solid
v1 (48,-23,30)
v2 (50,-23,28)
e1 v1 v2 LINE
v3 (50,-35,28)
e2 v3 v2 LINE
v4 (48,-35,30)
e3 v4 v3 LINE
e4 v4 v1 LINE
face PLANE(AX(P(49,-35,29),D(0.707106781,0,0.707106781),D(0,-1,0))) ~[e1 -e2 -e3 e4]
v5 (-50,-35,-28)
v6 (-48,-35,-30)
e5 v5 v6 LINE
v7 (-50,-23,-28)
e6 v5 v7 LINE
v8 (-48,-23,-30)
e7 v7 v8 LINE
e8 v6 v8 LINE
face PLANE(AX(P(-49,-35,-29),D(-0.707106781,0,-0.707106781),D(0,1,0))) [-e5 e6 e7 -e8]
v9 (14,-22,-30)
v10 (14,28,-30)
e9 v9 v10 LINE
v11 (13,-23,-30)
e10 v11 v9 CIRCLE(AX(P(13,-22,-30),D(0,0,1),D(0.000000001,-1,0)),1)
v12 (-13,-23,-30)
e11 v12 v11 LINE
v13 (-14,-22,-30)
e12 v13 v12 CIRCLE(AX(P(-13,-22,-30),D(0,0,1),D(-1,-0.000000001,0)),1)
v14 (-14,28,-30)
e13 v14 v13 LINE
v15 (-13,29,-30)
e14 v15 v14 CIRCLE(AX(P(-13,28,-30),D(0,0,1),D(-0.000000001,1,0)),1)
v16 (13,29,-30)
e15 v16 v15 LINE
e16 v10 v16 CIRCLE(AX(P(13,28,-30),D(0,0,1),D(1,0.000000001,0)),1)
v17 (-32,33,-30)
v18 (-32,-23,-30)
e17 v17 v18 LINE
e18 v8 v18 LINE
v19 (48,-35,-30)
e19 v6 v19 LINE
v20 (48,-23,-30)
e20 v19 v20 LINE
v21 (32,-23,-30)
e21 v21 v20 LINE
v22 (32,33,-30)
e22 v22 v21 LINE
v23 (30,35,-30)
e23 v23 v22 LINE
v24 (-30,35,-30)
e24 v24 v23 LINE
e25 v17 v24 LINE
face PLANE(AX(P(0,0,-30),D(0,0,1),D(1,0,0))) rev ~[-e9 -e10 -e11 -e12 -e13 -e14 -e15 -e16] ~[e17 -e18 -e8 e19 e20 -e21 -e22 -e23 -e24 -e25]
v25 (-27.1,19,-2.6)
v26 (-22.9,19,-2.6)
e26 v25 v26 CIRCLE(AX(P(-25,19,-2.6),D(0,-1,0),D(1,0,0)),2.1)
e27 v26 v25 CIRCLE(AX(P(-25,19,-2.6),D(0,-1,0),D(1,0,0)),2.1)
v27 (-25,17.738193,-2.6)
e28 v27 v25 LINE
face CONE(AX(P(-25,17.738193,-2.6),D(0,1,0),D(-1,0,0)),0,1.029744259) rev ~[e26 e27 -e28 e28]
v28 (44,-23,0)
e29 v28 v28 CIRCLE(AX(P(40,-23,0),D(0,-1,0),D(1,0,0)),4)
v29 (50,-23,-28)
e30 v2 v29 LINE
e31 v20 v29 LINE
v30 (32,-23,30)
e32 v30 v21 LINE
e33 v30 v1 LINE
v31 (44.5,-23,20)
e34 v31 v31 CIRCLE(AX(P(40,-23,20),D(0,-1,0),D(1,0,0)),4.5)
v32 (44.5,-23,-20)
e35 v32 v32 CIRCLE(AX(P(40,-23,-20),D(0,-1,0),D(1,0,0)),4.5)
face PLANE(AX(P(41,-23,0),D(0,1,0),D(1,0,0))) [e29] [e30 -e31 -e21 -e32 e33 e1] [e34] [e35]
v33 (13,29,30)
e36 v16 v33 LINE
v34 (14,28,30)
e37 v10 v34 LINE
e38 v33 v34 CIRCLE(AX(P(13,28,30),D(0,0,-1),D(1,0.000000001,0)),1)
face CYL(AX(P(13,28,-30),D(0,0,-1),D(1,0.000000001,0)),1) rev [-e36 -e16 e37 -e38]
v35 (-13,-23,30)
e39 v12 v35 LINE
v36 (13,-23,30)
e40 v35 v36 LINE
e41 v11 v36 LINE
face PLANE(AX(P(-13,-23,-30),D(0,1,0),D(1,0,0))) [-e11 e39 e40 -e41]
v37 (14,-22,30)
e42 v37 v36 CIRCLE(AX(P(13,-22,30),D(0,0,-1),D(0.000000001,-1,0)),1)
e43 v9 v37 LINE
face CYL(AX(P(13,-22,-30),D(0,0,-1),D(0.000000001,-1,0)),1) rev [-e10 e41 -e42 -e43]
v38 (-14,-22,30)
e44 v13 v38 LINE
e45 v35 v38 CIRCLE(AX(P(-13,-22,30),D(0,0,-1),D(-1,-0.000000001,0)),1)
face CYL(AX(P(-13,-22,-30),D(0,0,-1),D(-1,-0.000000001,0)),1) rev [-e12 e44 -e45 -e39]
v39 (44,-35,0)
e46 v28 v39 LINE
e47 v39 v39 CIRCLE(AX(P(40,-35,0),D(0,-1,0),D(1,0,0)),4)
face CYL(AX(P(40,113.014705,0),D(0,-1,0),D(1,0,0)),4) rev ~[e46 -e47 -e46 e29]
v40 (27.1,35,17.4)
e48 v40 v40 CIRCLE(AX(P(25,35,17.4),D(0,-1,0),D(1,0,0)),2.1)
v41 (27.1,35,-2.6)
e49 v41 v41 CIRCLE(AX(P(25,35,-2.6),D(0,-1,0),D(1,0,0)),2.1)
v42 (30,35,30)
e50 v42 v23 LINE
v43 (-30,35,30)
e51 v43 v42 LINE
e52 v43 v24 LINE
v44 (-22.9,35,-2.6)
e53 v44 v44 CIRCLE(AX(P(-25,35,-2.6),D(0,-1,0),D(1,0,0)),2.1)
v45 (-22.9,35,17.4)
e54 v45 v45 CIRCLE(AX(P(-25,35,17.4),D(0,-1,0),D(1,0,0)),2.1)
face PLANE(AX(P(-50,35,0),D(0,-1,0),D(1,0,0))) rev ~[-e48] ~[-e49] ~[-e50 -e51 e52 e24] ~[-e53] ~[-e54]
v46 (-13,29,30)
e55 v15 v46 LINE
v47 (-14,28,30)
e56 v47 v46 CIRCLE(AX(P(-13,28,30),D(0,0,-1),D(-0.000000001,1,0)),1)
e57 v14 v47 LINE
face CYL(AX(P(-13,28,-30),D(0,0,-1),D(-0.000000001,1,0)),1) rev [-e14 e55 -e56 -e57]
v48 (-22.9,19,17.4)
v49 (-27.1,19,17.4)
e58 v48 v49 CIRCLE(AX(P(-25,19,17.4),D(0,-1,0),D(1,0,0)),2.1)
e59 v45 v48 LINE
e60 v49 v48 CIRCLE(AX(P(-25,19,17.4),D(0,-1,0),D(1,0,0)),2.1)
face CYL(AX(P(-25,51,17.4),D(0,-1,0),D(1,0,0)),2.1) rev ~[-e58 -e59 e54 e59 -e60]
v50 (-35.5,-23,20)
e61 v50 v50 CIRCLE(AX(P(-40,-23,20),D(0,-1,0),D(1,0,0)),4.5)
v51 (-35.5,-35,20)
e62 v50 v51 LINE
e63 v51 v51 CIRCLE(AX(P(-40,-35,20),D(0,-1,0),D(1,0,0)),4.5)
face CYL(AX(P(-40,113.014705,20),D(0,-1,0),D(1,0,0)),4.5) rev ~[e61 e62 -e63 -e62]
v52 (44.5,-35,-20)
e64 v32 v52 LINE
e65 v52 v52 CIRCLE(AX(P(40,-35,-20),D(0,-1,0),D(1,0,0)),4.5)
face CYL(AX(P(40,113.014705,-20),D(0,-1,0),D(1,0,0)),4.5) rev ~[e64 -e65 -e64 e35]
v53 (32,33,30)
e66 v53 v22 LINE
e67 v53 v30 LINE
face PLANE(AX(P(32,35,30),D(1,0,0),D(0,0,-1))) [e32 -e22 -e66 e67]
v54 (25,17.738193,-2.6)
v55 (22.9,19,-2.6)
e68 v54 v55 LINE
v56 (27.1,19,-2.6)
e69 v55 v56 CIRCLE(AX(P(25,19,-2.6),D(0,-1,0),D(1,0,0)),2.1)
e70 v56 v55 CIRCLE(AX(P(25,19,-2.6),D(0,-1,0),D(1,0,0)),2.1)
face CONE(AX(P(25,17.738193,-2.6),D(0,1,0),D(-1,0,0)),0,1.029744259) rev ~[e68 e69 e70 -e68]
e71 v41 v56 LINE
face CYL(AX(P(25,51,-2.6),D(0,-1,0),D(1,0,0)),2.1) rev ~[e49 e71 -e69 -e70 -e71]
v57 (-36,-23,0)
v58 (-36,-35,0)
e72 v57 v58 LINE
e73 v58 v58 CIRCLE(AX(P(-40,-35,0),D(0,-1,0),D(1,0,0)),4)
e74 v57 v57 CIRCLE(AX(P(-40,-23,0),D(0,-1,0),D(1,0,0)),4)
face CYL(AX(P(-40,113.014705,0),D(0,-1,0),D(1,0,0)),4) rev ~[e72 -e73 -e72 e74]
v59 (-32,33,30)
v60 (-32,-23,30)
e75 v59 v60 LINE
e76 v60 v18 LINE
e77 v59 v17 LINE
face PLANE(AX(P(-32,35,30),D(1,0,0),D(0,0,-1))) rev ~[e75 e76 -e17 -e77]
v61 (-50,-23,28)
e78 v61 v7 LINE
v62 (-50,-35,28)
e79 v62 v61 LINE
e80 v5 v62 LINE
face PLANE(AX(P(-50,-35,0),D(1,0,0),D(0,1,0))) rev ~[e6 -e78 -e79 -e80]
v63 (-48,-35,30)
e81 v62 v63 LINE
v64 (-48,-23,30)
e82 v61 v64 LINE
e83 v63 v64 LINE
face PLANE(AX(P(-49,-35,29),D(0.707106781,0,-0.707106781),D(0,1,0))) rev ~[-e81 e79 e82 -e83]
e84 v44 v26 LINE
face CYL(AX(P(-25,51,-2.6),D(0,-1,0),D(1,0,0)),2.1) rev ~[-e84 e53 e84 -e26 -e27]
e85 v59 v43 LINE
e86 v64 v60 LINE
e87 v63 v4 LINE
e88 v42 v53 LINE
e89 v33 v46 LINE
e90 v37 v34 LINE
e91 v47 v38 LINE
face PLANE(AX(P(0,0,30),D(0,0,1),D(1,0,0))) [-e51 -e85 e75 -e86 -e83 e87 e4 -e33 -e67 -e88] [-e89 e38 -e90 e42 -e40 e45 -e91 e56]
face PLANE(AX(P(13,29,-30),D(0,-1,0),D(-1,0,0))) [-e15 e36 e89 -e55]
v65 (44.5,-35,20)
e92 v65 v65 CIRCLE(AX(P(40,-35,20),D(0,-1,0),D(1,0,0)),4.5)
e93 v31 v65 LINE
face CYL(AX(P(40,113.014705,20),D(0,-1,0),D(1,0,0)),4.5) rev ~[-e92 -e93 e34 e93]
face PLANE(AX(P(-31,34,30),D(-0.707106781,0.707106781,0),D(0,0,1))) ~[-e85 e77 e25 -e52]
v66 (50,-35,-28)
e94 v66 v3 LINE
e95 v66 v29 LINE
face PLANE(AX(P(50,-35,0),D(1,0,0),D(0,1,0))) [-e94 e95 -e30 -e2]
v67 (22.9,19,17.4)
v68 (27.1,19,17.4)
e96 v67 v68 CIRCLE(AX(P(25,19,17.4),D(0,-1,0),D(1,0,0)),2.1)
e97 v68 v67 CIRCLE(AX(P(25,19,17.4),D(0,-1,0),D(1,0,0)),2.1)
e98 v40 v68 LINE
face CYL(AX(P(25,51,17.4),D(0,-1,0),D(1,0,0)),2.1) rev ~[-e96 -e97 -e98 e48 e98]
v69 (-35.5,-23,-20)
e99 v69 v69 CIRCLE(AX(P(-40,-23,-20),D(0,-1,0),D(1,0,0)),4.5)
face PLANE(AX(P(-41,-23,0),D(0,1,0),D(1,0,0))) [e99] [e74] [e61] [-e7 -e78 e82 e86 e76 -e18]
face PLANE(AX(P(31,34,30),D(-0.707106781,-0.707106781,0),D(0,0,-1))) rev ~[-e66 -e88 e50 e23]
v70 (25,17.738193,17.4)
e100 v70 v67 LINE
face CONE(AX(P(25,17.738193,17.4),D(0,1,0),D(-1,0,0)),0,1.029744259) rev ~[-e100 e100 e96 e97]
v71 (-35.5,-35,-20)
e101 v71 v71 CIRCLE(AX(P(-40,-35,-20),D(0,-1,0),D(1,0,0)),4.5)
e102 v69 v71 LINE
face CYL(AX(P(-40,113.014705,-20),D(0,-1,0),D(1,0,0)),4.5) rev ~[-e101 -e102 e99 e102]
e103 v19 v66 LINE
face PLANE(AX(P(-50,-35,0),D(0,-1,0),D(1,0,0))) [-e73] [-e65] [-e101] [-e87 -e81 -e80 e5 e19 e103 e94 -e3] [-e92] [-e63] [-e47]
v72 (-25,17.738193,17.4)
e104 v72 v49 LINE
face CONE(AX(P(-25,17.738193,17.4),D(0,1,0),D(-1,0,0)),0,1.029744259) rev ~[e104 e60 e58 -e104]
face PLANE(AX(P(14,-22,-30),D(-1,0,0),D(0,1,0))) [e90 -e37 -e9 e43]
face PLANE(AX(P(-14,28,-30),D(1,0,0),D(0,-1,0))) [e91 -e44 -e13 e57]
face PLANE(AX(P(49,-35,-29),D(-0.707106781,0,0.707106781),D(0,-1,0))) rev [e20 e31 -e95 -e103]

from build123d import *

# Parameters (mm, degrees)
SKETCH_1_W             = 100
SKETCH_1_H             = 70
EXTRUDE_1_DEPTH        = 30
SKETCH_2_W             = 18
SKETCH_2_H             = 60
CUT_EXTRUDE_1_DEPTH    = 58
HOLE_WIZARD_9_0_9_1_D  = 9
CUT_EXTRUDE_2_REACH    = 87.586
HOLE_WIZARD_8_0_8_1_D  = 8
HOLE_WIZARD_M5_1_D     = 4.2
HOLE_WIZARD_M5_1_DEPTH = 16
HOLE_WIZARD_M5_1_TIP   = 1.2618073
CHAMFER_1_SIZE         = 2


with BuildPart() as part:
    # 草圖1 → 伸長1 (new, symmetric)
    with BuildSketch(Plane.XY):
        Rectangle(SKETCH_1_W, SKETCH_1_H)
    extrude(amount=EXTRUDE_1_DEPTH, both=True)

    # 草圖2 → 除料-伸長1 (cut)
    with BuildSketch(Plane(origin=(0, 35, 0), x_dir=(1, 0, 0), z_dir=(0, 1, 0))):
        with Locations((41, 0)):
            Rectangle(SKETCH_2_W, SKETCH_2_H)
        with Locations((-41, 0)):
            Rectangle(SKETCH_2_W, SKETCH_2_H)
    extrude(amount=-CUT_EXTRUDE_1_DEPTH, mode=Mode.SUBTRACT)

    # Ø9.0 (9) 直徑孔1 (through all)
    with Locations(Plane(origin=(-40, -23, 55), x_dir=(-1, 0, 0), z_dir=(0, 1, 0))):
        with Locations((0, -75), (-80, -75), (-80, -35), (0, -35)):
            Hole(HOLE_WIZARD_9_0_9_1_D / 2)

    # 草圖17 → 除料-伸長2 (cut, up to next)
    with BuildSketch(Plane(origin=(0, 0, -30), x_dir=(-1, 0, 0), z_dir=(0, 0, -1)), mode=Mode.PRIVATE) as cut_extrude_2_sk1:
        with BuildLine():
            Line((13, -23), (-13, -23))
            ThreePointArc((-13, -23), (-13.707106781, -22.707106781), (-14, -22))
            Line((-14, -22), (-14, 28))
            ThreePointArc((-14, 28), (-13.707106781, 28.707106781), (-13, 29))
            Line((-13, 29), (13, 29))
            ThreePointArc((13, 29), (13.707106781, 28.707106781), (14, 28))
            Line((14, 28), (14, -22))
            ThreePointArc((14, -22), (13.707106781, -22.707106781), (13, -23))
        make_face()
    cut_extrude_2_tool1 = extrude(cut_extrude_2_sk1.sketch, amount=-CUT_EXTRUDE_2_REACH, mode=Mode.PRIVATE) & part.part
    add(cut_extrude_2_tool1.solids().sort_by_distance((0, 3, -30))[0], mode=Mode.SUBTRACT)

    # Ø8.0 (8) 直徑孔1 (through all)
    with Locations(Plane(origin=(20, -23, 5.325436893), x_dir=(-1, 0, 0), z_dir=(0, 1, 0))):
        with Locations((60, -5.325436893), (-20, -5.325436893)):
            Hole(HOLE_WIZARD_8_0_8_1_D / 2)

    # M5 螺紋孔1
    with Locations(Plane(origin=(0, 35, 0), x_dir=(-1, 0, 0), z_dir=(0, 1, 0))):
        with Locations((25, 17.4), (-25, 17.4), (-25, -2.6), (25, -2.6)):
            Hole(HOLE_WIZARD_M5_1_D / 2, depth=HOLE_WIZARD_M5_1_DEPTH)
            with Locations((0, 0, -(HOLE_WIZARD_M5_1_DEPTH + HOLE_WIZARD_M5_1_TIP / 2))):  # 118° drill point
                Cone(0, HOLE_WIZARD_M5_1_D / 2, HOLE_WIZARD_M5_1_TIP, mode=Mode.SUBTRACT)

    # 導角1
    chamfer_1_edges = [part.edges().sort_by_distance(p)[0] for p in [
        (50, -29, 30),
        (32, 35, 0),
        (-50, -29, -30),
        (-50, -29, 30),
        (-32, 35, 0),
        (50, -29, -30),
    ]]
    chamfer(chamfer_1_edges, length=CHAMFER_1_SIZE)


solid = part.part
